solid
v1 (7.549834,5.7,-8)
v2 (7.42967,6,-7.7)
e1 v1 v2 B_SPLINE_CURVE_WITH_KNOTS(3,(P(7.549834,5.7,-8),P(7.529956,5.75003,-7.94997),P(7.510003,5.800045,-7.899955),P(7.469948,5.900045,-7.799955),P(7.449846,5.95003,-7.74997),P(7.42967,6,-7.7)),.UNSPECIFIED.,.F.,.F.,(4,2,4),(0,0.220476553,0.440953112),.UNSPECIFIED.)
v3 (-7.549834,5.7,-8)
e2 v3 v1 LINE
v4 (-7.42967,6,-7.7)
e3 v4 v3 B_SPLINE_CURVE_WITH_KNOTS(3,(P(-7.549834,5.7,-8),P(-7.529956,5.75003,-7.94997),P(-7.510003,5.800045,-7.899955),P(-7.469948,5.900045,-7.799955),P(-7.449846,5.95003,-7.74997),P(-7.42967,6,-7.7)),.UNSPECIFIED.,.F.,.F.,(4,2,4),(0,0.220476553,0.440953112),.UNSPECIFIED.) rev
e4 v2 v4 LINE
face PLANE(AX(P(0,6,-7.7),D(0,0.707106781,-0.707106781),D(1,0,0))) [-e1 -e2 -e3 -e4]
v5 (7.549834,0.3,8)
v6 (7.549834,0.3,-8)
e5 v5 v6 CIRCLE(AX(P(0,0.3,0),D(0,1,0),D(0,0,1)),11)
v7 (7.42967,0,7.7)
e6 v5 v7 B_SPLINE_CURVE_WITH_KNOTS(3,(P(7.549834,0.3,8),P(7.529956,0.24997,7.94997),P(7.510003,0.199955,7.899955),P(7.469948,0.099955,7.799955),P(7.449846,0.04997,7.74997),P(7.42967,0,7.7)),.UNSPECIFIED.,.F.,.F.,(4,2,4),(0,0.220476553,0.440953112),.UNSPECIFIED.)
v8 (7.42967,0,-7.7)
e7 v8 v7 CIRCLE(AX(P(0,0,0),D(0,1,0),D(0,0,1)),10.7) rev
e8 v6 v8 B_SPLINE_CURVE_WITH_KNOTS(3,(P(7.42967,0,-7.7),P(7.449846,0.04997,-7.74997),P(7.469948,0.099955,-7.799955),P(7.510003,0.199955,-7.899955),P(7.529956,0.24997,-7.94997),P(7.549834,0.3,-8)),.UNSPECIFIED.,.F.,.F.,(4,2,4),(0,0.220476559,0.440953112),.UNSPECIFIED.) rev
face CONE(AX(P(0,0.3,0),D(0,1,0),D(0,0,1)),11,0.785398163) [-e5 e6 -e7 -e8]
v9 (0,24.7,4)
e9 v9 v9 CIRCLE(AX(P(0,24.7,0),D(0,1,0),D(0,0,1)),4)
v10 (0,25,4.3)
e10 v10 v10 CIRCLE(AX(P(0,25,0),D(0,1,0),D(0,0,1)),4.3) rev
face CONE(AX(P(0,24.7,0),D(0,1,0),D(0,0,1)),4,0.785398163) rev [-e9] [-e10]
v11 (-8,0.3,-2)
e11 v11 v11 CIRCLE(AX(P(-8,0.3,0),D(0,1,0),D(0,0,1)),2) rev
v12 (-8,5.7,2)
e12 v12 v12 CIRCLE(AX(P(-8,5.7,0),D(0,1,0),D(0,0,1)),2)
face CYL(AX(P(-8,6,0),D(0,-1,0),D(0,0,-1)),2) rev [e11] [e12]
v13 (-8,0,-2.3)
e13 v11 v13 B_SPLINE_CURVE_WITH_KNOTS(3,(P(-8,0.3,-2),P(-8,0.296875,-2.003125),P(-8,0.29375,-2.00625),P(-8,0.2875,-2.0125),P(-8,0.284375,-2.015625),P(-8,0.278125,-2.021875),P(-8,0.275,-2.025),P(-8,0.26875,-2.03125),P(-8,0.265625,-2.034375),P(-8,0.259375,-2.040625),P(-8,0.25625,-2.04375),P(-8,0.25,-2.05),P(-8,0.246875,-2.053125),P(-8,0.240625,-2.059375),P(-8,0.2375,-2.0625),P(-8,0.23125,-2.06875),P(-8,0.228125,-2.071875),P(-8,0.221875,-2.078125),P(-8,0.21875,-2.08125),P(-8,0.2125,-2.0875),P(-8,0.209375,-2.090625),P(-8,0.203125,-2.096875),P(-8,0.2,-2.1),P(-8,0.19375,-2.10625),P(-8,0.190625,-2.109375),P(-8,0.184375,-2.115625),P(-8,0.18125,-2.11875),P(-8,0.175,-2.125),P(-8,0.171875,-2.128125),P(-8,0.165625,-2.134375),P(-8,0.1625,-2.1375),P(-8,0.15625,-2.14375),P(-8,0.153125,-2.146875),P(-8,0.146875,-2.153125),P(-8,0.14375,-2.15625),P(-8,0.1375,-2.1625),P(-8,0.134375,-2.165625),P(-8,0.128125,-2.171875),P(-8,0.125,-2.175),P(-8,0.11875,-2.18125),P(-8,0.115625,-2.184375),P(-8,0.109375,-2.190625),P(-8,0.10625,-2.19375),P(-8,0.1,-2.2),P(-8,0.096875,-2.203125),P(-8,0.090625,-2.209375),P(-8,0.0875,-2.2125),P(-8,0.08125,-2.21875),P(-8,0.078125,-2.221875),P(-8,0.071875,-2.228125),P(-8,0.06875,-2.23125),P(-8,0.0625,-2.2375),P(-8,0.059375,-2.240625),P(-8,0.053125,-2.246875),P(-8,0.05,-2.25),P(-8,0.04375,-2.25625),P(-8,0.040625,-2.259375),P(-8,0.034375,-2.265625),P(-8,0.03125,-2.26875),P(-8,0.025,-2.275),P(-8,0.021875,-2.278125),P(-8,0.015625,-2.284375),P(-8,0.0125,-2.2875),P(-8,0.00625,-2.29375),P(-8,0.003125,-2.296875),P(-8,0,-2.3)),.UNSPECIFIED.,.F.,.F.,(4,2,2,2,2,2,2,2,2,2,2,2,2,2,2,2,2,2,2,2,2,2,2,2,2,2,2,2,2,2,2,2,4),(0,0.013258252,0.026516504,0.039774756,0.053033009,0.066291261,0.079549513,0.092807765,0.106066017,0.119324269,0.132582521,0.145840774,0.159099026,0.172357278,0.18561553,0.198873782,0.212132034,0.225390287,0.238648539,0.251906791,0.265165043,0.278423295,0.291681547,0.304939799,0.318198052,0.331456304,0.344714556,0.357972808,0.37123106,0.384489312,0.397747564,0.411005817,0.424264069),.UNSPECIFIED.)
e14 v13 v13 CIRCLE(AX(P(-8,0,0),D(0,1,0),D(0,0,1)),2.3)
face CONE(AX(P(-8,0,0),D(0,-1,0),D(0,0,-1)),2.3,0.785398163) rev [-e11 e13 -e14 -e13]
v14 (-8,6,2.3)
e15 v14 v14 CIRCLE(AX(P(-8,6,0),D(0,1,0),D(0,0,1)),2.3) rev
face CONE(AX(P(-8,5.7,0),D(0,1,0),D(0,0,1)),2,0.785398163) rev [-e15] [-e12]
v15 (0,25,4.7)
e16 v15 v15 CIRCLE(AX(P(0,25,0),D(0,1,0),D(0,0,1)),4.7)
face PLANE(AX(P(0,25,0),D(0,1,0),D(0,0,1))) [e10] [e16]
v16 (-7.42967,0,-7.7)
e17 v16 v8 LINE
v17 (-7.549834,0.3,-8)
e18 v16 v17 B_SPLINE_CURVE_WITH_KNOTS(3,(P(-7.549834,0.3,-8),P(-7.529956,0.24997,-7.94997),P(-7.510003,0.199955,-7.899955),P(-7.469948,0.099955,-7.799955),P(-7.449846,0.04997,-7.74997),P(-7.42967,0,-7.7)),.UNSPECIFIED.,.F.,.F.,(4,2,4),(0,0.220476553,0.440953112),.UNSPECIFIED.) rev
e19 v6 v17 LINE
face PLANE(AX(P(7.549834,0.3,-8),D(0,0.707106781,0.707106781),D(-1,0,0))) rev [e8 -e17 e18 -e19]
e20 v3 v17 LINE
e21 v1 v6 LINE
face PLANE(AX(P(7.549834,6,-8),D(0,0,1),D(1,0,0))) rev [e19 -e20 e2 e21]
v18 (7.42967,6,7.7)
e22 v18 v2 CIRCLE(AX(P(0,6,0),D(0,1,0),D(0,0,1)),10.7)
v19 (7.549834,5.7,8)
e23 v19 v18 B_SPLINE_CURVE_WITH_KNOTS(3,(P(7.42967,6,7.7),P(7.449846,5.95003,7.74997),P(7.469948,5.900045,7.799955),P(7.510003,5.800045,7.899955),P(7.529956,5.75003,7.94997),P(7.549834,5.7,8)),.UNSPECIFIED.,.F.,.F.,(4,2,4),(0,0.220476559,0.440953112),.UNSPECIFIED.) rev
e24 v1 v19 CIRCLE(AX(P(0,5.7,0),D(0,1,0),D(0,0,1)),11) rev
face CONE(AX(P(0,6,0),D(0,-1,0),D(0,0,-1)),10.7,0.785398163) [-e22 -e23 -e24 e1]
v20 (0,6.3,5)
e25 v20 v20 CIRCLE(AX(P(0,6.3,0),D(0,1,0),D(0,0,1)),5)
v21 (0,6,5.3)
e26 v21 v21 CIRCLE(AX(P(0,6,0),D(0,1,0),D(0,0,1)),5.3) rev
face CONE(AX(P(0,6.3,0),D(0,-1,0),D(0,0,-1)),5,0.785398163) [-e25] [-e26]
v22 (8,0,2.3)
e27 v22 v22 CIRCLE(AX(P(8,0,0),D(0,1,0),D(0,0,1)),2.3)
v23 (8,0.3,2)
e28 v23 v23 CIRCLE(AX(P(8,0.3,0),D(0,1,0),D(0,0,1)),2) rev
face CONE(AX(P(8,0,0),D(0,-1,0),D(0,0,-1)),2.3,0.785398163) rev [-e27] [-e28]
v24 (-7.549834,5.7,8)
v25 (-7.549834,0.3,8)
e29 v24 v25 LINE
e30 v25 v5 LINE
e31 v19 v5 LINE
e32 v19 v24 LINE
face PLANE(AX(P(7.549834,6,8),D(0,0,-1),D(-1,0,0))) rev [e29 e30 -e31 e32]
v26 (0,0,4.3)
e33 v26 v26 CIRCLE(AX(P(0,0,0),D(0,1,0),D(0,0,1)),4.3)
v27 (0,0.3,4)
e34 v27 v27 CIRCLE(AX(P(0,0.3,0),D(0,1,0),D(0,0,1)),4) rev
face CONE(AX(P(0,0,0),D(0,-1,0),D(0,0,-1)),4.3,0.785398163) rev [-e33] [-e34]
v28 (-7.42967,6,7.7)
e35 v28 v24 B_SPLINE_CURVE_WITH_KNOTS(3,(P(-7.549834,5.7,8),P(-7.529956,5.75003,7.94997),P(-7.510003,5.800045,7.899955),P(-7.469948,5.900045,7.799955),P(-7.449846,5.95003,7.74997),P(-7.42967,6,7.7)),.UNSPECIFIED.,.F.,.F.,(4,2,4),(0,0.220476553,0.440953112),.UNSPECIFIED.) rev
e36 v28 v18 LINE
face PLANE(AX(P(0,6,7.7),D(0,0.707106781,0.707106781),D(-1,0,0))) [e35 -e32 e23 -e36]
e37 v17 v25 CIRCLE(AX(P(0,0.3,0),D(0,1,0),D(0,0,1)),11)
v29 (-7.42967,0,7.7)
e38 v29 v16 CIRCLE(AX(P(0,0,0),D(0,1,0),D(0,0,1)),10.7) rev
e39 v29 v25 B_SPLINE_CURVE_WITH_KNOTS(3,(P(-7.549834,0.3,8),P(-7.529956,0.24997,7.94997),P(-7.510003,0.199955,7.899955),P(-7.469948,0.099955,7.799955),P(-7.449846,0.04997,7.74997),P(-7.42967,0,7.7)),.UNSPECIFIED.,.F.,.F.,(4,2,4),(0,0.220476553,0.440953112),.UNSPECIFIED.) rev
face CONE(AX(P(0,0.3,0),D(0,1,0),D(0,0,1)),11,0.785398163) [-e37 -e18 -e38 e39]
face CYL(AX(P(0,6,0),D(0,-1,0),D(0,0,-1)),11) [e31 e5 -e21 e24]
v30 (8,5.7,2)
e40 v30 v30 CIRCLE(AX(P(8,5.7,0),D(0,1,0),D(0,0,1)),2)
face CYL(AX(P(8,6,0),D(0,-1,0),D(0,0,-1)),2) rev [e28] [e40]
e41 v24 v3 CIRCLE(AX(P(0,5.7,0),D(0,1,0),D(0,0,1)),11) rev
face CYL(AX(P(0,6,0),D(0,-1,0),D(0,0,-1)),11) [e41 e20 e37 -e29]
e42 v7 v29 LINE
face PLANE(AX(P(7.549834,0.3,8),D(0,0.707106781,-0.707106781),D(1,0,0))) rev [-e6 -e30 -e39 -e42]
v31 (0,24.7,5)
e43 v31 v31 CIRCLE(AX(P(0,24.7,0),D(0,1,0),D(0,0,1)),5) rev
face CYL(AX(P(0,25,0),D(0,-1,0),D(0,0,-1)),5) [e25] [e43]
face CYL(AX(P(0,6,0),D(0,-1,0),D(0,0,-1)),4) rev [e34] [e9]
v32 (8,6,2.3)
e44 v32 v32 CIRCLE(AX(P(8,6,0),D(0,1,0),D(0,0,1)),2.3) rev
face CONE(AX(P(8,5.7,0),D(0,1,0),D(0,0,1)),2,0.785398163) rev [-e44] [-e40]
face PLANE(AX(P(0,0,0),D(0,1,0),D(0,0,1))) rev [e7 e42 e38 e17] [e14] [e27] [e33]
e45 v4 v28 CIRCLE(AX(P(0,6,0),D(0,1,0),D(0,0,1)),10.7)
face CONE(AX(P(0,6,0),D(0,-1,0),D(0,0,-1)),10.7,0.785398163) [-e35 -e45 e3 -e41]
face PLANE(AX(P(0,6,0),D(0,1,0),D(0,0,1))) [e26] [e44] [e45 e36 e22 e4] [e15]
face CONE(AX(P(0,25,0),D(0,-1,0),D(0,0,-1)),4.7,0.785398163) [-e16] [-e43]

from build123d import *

# Parameters (mm, degrees)
CROQUIS1_R              = 4
CROQUIS1_R_2            = 2
SALIENTE_EXTRUIR1_DEPTH = 6
CROQUIS2_R              = 5
CROQUIS2_R_2            = 4
SALIENTE_EXTRUIR2_DEPTH = 19
CHAFL_N1_SIZE           = 0.3


with BuildPart() as part:
    # Croquis1 → Saliente-Extruir1 (new body)
    with BuildSketch(Plane(origin=(0, 0, 0), x_dir=(1, 0, 0), z_dir=(0, 1, 0))):
        with BuildLine():
            Line((7.549834435, 8), (-7.549834435, 8))
            ThreePointArc((-7.549834435, 8), (-11, 0), (-7.549834435, -8))
            Line((-7.549834435, -8), (7.549834435, -8))
            ThreePointArc((7.549834435, -8), (11, 0), (7.549834435, 8))
        make_face()
        with Locations(Location((0, 0, 0), (0, 0, 270))):
            Circle(CROQUIS1_R, mode=Mode.SUBTRACT)
        with Locations(Location((-8, 0, 0), (0, 0, 270))):
            Circle(CROQUIS1_R_2, mode=Mode.SUBTRACT)
        with Locations(Location((8, 0, 0), (0, 0, 270))):
            Circle(CROQUIS1_R_2, mode=Mode.SUBTRACT)
    extrude(amount=SALIENTE_EXTRUIR1_DEPTH)

    # Croquis2 → Saliente-Extruir2 (add)
    with BuildSketch(Plane(origin=(0, 6, 0), x_dir=(1, 0, 0), z_dir=(0, 1, 0))):
        with Locations(Location((0, 0, 0), (0, 0, 270))):
            Circle(CROQUIS2_R)
        with Locations(Location((0, 0, 0), (0, 0, 270))):
            Circle(CROQUIS2_R_2, mode=Mode.SUBTRACT)
    extrude(amount=SALIENTE_EXTRUIR2_DEPTH)

    # Chaflán1
    chafl_n1_edges = [part.edges().sort_by_distance(p)[0] for p in [
        (-11, 6, 0),
        (0, 0, -4),
        (0, 6, 8),
        (-8, 0, -2),
        (-8, 6, -2),
        (8, 0, -2),
        (8, 6, -2),
        (0, 25, -5),
        (0, 6, -5),
        (0, 25, -4),
        (11, 6, 0),
        (0, 0, 8),
        (-11, 0, 0),
        (0, 0, -8),
        (11, 0, 0),
        (0, 6, -8),
    ]]
    chamfer(chafl_n1_edges, length=CHAFL_N1_SIZE)


solid = part.part
